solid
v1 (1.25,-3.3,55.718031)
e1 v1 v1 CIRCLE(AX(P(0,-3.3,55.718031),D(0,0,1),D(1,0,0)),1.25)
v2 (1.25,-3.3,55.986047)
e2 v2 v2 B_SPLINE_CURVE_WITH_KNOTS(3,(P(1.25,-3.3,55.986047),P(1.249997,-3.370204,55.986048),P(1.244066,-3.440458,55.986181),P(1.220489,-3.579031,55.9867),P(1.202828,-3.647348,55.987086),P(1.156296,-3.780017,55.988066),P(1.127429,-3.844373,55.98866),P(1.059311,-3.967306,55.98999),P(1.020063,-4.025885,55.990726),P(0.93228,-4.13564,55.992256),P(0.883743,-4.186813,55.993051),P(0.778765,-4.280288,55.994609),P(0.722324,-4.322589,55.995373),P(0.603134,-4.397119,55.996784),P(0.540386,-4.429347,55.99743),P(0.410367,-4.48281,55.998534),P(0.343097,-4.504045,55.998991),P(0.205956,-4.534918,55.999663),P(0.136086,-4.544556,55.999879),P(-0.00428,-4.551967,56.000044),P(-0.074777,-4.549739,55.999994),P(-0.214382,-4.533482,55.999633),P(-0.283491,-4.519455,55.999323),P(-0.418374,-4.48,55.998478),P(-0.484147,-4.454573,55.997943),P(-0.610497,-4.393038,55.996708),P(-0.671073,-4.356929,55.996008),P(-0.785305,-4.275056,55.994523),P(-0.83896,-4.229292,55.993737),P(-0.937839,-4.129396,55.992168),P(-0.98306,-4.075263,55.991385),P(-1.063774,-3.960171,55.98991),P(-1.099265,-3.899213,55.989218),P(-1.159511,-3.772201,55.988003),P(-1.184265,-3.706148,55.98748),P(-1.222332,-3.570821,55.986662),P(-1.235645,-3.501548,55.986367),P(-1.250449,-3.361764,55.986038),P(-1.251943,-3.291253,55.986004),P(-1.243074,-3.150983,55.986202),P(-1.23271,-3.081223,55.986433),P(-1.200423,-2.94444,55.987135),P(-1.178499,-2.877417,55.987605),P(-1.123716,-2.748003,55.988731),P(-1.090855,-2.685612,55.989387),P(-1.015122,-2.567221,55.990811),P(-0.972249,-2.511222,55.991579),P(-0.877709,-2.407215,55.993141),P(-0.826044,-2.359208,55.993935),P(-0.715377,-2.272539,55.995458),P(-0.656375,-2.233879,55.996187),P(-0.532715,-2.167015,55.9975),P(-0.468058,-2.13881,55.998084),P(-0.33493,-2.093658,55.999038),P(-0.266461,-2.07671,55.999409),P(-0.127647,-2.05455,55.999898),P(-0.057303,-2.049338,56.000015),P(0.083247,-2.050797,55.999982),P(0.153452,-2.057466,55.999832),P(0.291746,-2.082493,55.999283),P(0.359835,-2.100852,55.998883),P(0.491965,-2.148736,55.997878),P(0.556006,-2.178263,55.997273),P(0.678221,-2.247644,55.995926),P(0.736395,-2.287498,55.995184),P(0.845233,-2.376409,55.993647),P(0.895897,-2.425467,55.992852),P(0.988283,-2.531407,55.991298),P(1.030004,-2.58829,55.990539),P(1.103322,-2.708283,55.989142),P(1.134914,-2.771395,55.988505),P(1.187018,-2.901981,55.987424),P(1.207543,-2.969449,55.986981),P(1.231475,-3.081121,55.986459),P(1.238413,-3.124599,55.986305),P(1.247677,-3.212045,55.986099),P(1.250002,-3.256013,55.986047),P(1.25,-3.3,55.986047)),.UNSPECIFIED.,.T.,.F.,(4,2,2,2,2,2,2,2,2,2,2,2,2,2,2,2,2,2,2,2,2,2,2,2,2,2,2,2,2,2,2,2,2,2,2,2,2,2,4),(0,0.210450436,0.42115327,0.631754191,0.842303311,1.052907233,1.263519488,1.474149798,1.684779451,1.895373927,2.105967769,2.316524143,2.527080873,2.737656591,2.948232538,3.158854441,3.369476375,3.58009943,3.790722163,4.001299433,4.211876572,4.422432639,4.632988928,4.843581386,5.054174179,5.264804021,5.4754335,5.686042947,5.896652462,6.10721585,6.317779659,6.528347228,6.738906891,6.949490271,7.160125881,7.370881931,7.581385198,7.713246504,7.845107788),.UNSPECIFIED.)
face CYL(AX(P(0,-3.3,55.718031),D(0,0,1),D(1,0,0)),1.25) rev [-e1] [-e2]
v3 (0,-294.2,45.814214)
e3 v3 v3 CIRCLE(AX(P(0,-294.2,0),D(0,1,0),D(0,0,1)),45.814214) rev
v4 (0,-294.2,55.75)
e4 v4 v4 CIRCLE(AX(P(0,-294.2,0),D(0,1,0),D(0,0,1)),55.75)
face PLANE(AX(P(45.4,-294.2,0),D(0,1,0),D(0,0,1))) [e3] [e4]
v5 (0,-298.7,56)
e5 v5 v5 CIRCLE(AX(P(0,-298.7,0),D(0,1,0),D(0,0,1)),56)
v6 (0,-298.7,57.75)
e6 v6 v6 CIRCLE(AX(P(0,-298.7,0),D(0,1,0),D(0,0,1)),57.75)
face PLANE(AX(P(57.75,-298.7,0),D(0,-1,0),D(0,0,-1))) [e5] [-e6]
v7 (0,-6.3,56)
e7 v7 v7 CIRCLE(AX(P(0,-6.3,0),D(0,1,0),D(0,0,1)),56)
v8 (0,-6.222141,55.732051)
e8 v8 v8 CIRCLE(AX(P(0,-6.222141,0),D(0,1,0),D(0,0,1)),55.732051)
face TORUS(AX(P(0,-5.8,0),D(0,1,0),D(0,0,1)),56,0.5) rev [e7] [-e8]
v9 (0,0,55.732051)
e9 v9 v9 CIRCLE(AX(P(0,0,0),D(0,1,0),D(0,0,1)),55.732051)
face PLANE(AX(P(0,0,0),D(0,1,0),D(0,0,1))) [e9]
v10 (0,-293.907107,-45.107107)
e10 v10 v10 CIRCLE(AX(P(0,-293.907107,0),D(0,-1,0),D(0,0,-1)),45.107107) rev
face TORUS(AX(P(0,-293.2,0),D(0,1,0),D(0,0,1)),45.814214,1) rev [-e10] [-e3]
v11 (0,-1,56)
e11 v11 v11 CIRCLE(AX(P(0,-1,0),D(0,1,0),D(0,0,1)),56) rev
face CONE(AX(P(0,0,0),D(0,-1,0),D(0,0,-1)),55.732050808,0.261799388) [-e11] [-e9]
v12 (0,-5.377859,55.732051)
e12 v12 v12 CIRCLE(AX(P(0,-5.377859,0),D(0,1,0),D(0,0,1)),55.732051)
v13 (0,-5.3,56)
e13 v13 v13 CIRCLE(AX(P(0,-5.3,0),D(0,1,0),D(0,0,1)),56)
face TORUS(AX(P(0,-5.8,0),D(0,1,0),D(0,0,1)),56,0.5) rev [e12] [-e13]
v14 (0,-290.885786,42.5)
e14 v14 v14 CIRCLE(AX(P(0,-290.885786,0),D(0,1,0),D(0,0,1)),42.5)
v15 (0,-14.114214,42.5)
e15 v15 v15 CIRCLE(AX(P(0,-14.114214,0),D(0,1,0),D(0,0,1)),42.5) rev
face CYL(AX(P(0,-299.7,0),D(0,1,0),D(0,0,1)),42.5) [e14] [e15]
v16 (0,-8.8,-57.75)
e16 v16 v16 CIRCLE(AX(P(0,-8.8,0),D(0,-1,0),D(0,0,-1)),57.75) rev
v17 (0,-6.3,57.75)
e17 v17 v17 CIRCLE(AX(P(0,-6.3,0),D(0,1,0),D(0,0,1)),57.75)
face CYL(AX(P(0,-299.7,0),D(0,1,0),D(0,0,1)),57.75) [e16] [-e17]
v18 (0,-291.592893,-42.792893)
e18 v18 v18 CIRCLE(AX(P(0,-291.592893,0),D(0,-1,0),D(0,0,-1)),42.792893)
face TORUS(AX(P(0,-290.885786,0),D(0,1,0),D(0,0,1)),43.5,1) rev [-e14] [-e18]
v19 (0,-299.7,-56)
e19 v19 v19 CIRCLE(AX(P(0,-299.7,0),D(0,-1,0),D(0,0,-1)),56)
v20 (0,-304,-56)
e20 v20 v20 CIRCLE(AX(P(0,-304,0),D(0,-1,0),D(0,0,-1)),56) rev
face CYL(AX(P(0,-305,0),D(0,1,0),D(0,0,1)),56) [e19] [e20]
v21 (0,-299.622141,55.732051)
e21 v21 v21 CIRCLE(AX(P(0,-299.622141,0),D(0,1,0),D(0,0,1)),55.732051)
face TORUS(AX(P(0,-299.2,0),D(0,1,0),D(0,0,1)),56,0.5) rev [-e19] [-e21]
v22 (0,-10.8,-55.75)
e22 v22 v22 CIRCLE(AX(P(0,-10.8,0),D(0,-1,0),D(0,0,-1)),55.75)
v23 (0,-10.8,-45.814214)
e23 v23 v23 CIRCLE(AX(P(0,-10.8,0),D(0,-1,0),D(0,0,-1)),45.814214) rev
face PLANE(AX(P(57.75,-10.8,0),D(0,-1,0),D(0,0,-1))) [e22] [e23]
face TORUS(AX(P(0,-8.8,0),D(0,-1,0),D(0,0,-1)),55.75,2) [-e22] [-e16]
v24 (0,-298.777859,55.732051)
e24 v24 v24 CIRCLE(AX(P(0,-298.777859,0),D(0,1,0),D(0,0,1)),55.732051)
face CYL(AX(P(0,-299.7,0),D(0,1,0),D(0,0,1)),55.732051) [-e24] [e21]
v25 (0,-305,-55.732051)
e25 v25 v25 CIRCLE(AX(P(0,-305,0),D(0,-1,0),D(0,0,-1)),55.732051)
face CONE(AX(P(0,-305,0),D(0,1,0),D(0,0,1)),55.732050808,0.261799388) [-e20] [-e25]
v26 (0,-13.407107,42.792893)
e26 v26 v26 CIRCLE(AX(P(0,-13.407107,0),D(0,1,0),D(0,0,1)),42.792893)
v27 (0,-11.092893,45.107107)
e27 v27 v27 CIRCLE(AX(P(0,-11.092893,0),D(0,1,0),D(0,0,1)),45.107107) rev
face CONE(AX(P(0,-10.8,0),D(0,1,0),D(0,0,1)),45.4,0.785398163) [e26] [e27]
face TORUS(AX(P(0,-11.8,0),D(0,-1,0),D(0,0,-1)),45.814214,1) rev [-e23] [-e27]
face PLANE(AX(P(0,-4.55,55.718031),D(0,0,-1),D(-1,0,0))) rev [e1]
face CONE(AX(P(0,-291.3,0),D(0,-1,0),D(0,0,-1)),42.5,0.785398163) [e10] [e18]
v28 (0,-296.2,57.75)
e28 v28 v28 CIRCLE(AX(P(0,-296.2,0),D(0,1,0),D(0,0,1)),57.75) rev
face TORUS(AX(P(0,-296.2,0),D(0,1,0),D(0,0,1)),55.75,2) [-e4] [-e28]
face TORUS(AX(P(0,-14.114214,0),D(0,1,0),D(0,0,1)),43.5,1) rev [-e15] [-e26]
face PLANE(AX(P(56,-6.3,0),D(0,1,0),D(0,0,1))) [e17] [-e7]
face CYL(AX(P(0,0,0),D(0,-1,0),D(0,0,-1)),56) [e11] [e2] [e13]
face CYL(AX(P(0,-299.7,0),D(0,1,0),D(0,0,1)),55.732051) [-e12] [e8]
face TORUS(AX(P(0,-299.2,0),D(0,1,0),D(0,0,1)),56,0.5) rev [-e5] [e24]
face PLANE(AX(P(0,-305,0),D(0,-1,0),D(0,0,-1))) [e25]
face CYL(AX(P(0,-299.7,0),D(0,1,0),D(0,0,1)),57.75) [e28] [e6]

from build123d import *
from OCP.BRepFilletAPI import BRepFilletAPI_MakeChamfer

# Parameters (mm, degrees)
SKETCH2_R           = 56
BOSS_EXTRUDE1_DEPTH = 5.3
BOSS_EXTRUDE2_START = 5.3
SKETCH4_R           = 56
BOSS_EXTRUDE2_DEPTH = 5.3
SKETCH6_W           = 0.281968922
SKETCH6_H           = 1.25
CHAMFER1_SIZE       = 0.267949192
CHAMFER1_SIZE2      = 1
FILLET1_R           = 1
FILLET3_R           = 2


with BuildPart() as part:
    # Sketch1 → Revolve1 (revolve)
    with BuildSketch(Plane(origin=(0, 0, 0), x_dir=(-1, 0, 0), z_dir=(0, 0, -1)), mode=Mode.PRIVATE) as revolve1_sk:
        with BuildLine():
            Line((-56, -299.7), (0, -299.7))
            Line((0, -299.7), (0, -5.3))
            Line((0, -5.3), (-56, -5.3))
            ThreePointArc((-56, -5.3), (-55.860484091, -5.319859072), (-55.732050808, -5.377858756))
            Line((-55.732050808, -5.377858756), (-55.732050808, -6.222141244))
            ThreePointArc((-55.732050808, -6.222141244), (-55.860484091, -6.280140928), (-56, -6.3))
            Line((-56, -6.3), (-57.75, -6.3))
            Line((-57.75, -6.3), (-57.75, -10.8))
            Line((-57.75, -10.8), (-45.4, -10.8))
            Line((-45.4, -10.8), (-42.5, -13.7))
            Line((-42.5, -13.7), (-42.5, -291.3))
            Line((-42.5, -291.3), (-45.4, -294.2))
            Line((-45.4, -294.2), (-57.75, -294.2))
            Line((-57.75, -294.2), (-57.75, -298.7))
            Line((-57.75, -298.7), (-56, -298.7))
            ThreePointArc((-56, -298.7), (-55.860484091, -298.719859072), (-55.732050808, -298.777858756))
            Line((-55.732050808, -298.777858756), (-55.732050808, -299.622141244))
            ThreePointArc((-55.732050808, -299.622141244), (-55.860484091, -299.680140928), (-56, -299.7))
        make_face()
    revolve(revolve1_sk.sketch.rotate(Axis((0, -299.7, 0), (0, 1, 0)), 270), axis=Axis((0, -299.7, 0), (0, 1, 0)))

    # Sketch2 → Boss-Extrude1 (add)
    with BuildSketch(Plane.XZ.offset(299.7)):
        with Locations(Location((0, 0, 0), (0, 0, 270))):
            Circle(SKETCH2_R)
    extrude(amount=BOSS_EXTRUDE1_DEPTH)

    # Sketch4 → Boss-Extrude2 (add)
    with BuildSketch(Plane(origin=(0, -5.3, 0), x_dir=(-1, 0, 0), z_dir=(0, 1, 0)).offset(BOSS_EXTRUDE2_START)):
        with Locations(Location((0, 0, 0), (0, 0, 270))):
            Circle(SKETCH4_R)
    extrude(amount=-BOSS_EXTRUDE2_DEPTH)

    # Sketch6 → Cut-Revolve1 (revolve, cut)
    with BuildSketch(Plane(origin=(0, 0, 0), x_dir=(0, 0, -1), z_dir=(1, 0, 0)), mode=Mode.PRIVATE) as cut_revolve1_sk:
        with Locations((-55.859015539, -3.925)):
            Rectangle(SKETCH6_W, SKETCH6_H)
    revolve(cut_revolve1_sk.sketch.rotate(Axis((0, -3.3, 55.718031078), (0, 0, 1)), 90), axis=Axis((0, -3.3, 55.718031078), (0, 0, 1)), mode=Mode.SUBTRACT)

    # Chamfer1: one chamfer whose edges measure the first distance from different faces: ONE call of the kernel's chamfer builder (chamfer() names one face for all edges)
    chamfer1_edges_1 = [part.edges().sort_by_distance(p)[0] for p in [
        (0, -305, 56),
    ]]
    chamfer1_side_1 = [part.faces().sort_by_distance(p)[0] for p in [
        (0, -305, 0),
    ]]
    chamfer1_edges_2 = [part.edges().sort_by_distance(p)[0] for p in [
        (0, 0, 56),
    ]]
    chamfer1_side_2 = [part.faces().sort_by_distance(p)[0] for p in [
        (0, 0, 0),
    ]]
    chamfer1 = BRepFilletAPI_MakeChamfer(part.part.solid().wrapped)
    for e in chamfer1_edges_1:
        chamfer1.Add(CHAMFER1_SIZE, CHAMFER1_SIZE2, e.wrapped, chamfer1_side_1[0].wrapped)  # the first distance lies on this face
    for e in chamfer1_edges_2:
        chamfer1.Add(CHAMFER1_SIZE, CHAMFER1_SIZE2, e.wrapped, chamfer1_side_2[0].wrapped)  # the first distance lies on this face
    add(Compound.cast(chamfer1.Shape()), mode=Mode.REPLACE)

    # Fillet1
    fillet1_edges = [part.edges().sort_by_distance(p)[0] for p in [
        (0, -294.2, -45.4),
        (0, -291.3, -42.5),
        (0, -13.7, -42.5),
        (0, -10.8, -45.4),
    ]]
    fillet(fillet1_edges, radius=FILLET1_R)

    # Fillet3
    fillet3_edges = [part.edges().sort_by_distance(p)[0] for p in [
        (0, -294.2, -57.75),
        (0, -10.8, -57.75),
    ]]
    fillet(fillet3_edges, radius=FILLET3_R)


solid = part.part
